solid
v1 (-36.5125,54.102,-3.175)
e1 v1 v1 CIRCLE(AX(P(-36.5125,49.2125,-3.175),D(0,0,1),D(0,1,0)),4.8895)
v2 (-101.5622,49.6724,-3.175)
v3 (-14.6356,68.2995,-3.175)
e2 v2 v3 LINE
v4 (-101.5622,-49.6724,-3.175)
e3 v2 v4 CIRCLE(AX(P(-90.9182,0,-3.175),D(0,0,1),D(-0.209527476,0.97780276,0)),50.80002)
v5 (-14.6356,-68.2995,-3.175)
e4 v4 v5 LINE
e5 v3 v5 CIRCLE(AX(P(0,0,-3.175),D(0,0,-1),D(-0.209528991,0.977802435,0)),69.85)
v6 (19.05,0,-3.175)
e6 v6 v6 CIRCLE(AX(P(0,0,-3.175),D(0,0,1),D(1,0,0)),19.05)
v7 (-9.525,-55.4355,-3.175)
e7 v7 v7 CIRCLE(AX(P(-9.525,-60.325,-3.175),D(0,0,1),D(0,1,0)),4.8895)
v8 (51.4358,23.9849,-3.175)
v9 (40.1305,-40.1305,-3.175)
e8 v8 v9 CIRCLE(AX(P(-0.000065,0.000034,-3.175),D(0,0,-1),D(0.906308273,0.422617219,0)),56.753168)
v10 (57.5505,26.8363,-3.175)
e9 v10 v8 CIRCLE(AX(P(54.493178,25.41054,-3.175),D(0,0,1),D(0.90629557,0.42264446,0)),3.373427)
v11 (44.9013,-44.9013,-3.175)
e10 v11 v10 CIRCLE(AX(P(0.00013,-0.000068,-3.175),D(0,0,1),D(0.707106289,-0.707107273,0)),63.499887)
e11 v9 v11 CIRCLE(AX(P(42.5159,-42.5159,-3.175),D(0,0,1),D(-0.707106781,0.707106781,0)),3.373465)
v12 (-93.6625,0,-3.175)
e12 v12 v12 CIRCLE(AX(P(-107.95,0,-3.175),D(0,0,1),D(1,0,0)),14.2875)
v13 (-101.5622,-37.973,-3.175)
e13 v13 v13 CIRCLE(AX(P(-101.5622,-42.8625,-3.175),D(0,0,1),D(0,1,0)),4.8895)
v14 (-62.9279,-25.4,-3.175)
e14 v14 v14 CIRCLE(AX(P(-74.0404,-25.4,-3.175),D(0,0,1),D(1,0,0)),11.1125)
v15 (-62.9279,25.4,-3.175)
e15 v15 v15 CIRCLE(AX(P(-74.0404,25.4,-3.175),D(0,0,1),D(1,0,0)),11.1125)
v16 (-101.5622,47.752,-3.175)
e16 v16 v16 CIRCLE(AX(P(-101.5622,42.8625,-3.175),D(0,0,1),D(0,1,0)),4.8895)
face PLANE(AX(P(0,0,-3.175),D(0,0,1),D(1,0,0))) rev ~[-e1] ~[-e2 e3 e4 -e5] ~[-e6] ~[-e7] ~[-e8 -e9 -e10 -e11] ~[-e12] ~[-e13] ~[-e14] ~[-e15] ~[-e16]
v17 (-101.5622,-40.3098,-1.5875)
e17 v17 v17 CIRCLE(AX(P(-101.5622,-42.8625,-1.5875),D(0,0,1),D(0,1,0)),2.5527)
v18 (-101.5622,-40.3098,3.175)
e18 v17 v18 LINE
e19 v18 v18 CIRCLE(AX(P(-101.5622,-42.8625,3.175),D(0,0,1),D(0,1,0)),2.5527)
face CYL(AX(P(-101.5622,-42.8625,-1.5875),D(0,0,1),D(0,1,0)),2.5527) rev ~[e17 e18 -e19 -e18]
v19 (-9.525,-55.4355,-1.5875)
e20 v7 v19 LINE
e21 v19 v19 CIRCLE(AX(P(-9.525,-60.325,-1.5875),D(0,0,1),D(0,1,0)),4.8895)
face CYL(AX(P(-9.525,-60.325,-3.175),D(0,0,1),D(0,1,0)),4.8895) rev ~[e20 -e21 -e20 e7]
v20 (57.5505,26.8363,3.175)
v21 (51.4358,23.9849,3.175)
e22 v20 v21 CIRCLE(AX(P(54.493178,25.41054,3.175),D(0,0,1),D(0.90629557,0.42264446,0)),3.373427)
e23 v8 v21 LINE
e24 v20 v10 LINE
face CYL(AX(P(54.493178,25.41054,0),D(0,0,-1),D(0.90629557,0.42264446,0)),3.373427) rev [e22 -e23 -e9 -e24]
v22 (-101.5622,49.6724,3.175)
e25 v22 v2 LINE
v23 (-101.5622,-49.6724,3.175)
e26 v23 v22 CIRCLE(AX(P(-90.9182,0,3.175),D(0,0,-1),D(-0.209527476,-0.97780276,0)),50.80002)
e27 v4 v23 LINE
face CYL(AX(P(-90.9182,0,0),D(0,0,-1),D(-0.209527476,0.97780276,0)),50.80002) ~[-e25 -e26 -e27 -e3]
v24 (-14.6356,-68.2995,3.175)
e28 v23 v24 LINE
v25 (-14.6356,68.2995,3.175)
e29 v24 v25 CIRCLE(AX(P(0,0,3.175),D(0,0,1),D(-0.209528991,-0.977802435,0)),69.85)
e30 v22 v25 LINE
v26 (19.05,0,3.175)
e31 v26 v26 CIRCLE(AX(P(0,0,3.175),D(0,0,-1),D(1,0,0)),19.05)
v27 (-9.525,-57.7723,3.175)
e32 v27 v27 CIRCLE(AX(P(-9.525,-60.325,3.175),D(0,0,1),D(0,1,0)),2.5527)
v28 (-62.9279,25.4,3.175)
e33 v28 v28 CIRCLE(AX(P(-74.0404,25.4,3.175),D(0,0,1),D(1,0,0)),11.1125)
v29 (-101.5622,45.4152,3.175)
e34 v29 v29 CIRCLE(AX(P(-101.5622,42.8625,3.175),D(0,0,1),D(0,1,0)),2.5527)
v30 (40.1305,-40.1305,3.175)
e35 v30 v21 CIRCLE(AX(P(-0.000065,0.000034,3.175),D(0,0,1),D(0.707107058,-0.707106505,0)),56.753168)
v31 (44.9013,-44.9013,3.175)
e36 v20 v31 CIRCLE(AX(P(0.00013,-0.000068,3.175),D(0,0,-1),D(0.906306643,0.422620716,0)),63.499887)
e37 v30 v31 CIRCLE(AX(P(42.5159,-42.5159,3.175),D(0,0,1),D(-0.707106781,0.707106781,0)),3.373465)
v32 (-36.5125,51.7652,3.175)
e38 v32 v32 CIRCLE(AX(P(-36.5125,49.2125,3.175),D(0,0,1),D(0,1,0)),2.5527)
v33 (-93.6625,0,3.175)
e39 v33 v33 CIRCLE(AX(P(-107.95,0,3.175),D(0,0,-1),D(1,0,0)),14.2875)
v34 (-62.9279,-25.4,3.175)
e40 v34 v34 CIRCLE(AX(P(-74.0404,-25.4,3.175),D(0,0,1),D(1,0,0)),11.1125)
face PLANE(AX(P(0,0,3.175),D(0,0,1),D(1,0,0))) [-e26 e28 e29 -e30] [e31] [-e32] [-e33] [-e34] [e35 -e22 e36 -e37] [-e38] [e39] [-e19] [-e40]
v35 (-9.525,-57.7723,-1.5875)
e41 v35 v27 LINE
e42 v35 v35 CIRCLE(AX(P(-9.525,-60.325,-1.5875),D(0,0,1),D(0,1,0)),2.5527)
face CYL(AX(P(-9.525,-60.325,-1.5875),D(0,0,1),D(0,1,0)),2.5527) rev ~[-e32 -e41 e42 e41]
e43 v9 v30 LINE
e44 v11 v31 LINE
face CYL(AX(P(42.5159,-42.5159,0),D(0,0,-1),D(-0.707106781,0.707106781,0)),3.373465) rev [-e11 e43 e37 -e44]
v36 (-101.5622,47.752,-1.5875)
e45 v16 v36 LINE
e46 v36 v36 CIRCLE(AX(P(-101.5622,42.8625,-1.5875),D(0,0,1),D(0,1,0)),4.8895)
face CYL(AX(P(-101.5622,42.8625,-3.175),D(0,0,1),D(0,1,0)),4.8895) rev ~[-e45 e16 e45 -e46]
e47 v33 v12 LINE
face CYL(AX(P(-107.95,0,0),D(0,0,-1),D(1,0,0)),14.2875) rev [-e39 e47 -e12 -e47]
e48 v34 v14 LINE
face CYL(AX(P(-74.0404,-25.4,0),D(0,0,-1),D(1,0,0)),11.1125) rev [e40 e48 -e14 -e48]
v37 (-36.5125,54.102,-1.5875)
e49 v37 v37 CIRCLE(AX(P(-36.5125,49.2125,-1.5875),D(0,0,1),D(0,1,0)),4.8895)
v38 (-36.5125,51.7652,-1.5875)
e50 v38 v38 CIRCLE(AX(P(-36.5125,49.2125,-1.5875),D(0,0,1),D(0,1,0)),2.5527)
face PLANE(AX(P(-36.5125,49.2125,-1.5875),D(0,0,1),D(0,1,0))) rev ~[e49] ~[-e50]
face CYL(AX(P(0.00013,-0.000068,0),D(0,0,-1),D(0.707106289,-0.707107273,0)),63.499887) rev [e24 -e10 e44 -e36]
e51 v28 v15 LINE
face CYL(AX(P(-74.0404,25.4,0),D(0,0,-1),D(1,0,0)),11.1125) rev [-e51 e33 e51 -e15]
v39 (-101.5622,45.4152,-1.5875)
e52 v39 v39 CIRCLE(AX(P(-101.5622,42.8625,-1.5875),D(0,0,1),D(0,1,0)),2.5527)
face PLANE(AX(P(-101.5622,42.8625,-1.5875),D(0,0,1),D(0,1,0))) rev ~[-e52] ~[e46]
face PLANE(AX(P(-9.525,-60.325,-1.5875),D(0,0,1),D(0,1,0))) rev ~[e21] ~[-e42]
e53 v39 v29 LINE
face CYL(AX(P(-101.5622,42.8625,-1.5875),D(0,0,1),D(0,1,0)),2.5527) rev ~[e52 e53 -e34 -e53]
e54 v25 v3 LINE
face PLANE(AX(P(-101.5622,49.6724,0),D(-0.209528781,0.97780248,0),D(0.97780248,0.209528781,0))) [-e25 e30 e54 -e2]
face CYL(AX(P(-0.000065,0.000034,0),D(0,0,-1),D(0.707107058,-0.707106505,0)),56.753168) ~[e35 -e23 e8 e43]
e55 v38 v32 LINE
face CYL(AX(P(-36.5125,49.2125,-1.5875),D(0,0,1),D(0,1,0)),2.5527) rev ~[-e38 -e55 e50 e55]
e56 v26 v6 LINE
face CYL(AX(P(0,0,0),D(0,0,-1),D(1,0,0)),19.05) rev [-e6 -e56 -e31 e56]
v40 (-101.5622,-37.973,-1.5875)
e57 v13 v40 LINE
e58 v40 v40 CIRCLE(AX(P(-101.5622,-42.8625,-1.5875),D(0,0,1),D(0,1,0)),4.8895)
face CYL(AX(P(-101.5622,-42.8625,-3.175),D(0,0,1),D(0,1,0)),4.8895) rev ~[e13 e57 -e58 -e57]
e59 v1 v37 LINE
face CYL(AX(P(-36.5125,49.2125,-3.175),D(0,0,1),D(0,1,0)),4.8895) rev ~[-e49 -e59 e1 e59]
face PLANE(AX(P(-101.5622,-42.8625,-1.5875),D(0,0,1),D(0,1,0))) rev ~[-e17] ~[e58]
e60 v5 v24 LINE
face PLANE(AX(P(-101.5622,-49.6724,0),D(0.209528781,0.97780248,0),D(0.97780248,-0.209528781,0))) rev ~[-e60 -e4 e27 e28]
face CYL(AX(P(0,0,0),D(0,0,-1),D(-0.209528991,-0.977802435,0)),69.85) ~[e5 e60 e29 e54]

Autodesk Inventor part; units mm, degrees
ref_plane "YZ Plane" through (0, 0, 0) normal (1, 0, 0) x (0, 1, 0)
ref_plane "XZ Plane" through (0, 0, 0) normal (0, 1, 0) x (-1, 0, 0)
ref_plane "XY Plane" through (0, 0, 0) normal (0, 0, 1) x (1, 0, 0)
sketch "Sketch1" plane through (0, 0, 0) normal (0, 0, 1) x (1, 0, 0)
  line L0 (-184.0318, 0) -> (112.1636, 0) projected
  line L1 (0, -97.79) -> (0, 97.79) projected
  circle A0 centre (0, 0) radius 50.8 construction
  arc A1 (-14.6356, -68.2995) -> (-14.6356, 68.2995) centre (0, 0) ccw
  arc A2 (44.9013, -44.9013) -> (57.5505, 26.8363) centre (0, 0) ccw
  arc A3 (40.1305, -40.1305) -> (51.4358, 23.9849) centre (0, 0) ccw
  line L2 (0, 0) -> (57.5505, 26.8363) construction
  line L3 (0, 0) -> (44.9013, -44.9013) construction
  arc A4 (57.5505, 26.8363) -> (51.4358, 23.9849) centre (54.4932, 25.4106) ccw
  arc A5 (40.1305, -40.1305) -> (44.9013, -44.9013) centre (42.5159, -42.5159) ccw
  arc A6 (-101.5622, 49.6724) -> (-101.5622, -49.6724) centre (-90.9182, 0) ccw
  line L4 (-101.5622, 49.6724) -> (-14.6356, 68.2995)
  line L5 (-101.5622, -49.6724) -> (-14.6356, -68.2995)
  circle A7 centre (-74.0404, 25.4) radius 11.1125
  circle A8 centre (-74.0404, -25.4) radius 11.1125
  circle A9 centre (0, 0) radius 19.05
  circle A10 centre (-107.95, 0) radius 14.2875
  line L6 (-107.95, -14.2875) -> (-107.95, 14.2875) construction
  dimension "d0" = 101.6
  dimension "d1" = 19.05
  dimension "d2" = 6.7469
  dimension "d3" = 6.35
  dimension "d4" = 45
  dimension "d5" = 25
  dimension "d10" = 22.225
  dimension "d11" = 38.1
  dimension "d24" = 50.8
  dimension "d33" = 88.9
  dimension "d34" = 107.95
  dimension "d35" = 28.575
extrude "Extrusion1" add sketch "Sketch1" along normal mid plane 6.35 contours A6 L4 A1 L1 A9 L0 A10 | L0 A10 A9 L1 A1 L5 A6 | A1 L0 A2 A4 A3 A9 L1 | L1 A9 L0 A3 A5 A2 A1
sketch "Sketch2" plane through (0, 0, -3.175) normal (0, 0, -1) x (-1, 0, 0)
  line L0 (184.0318, 0) -> (-112.1636, 0) projected
  line L1 (0, -97.79) -> (0, 97.79) projected
  point P0 (36.5125, 49.2125)
  point P1 (9.525, -60.325)
  dimension "d15" = 49.2125
  dimension "d16" = 36.5125
  dimension "d39" = 9.525
  dimension "d40" = 60.325
hole "Hole1" at (-36.5125, 49.2125, -3.175) at (-9.525, -60.325, -3.175) direction (0, 0, 1) diameter 5.1054 end through all counterbore diameter 9.779 counterbore depth 1.5875 clearance for "Flat Head Machine Screw (82)" size "#10" standard "Ansi Unified Screw Threads"
sketch "Sketch3" plane through (0, 0, -3.175) normal (0, 0, -1) x (-1, 0, 0)
  line L0 (101.5622, -49.6724) -> (101.5622, 49.6724) construction
  line L1 (184.0318, 0) -> (-112.1636, 0) projected
  line L2 (0, -97.79) -> (0, 97.79) projected
  point P0 (101.5622, 42.8625)
  point P1 (101.5622, -42.8625)
  dimension "d25" = 42.8625
hole "Hole2" at (-101.5622, 42.8625, -3.175) at (-101.5622, -42.8625, -3.175) direction (0, 0, 1) diameter 5.1054 end through all counterbore diameter 9.779 counterbore depth 1.5875 clearance for "Flat Head Machine Screw (82)" size "#10" standard "Ansi Unified Screw Threads"
properties part number "front plate"
